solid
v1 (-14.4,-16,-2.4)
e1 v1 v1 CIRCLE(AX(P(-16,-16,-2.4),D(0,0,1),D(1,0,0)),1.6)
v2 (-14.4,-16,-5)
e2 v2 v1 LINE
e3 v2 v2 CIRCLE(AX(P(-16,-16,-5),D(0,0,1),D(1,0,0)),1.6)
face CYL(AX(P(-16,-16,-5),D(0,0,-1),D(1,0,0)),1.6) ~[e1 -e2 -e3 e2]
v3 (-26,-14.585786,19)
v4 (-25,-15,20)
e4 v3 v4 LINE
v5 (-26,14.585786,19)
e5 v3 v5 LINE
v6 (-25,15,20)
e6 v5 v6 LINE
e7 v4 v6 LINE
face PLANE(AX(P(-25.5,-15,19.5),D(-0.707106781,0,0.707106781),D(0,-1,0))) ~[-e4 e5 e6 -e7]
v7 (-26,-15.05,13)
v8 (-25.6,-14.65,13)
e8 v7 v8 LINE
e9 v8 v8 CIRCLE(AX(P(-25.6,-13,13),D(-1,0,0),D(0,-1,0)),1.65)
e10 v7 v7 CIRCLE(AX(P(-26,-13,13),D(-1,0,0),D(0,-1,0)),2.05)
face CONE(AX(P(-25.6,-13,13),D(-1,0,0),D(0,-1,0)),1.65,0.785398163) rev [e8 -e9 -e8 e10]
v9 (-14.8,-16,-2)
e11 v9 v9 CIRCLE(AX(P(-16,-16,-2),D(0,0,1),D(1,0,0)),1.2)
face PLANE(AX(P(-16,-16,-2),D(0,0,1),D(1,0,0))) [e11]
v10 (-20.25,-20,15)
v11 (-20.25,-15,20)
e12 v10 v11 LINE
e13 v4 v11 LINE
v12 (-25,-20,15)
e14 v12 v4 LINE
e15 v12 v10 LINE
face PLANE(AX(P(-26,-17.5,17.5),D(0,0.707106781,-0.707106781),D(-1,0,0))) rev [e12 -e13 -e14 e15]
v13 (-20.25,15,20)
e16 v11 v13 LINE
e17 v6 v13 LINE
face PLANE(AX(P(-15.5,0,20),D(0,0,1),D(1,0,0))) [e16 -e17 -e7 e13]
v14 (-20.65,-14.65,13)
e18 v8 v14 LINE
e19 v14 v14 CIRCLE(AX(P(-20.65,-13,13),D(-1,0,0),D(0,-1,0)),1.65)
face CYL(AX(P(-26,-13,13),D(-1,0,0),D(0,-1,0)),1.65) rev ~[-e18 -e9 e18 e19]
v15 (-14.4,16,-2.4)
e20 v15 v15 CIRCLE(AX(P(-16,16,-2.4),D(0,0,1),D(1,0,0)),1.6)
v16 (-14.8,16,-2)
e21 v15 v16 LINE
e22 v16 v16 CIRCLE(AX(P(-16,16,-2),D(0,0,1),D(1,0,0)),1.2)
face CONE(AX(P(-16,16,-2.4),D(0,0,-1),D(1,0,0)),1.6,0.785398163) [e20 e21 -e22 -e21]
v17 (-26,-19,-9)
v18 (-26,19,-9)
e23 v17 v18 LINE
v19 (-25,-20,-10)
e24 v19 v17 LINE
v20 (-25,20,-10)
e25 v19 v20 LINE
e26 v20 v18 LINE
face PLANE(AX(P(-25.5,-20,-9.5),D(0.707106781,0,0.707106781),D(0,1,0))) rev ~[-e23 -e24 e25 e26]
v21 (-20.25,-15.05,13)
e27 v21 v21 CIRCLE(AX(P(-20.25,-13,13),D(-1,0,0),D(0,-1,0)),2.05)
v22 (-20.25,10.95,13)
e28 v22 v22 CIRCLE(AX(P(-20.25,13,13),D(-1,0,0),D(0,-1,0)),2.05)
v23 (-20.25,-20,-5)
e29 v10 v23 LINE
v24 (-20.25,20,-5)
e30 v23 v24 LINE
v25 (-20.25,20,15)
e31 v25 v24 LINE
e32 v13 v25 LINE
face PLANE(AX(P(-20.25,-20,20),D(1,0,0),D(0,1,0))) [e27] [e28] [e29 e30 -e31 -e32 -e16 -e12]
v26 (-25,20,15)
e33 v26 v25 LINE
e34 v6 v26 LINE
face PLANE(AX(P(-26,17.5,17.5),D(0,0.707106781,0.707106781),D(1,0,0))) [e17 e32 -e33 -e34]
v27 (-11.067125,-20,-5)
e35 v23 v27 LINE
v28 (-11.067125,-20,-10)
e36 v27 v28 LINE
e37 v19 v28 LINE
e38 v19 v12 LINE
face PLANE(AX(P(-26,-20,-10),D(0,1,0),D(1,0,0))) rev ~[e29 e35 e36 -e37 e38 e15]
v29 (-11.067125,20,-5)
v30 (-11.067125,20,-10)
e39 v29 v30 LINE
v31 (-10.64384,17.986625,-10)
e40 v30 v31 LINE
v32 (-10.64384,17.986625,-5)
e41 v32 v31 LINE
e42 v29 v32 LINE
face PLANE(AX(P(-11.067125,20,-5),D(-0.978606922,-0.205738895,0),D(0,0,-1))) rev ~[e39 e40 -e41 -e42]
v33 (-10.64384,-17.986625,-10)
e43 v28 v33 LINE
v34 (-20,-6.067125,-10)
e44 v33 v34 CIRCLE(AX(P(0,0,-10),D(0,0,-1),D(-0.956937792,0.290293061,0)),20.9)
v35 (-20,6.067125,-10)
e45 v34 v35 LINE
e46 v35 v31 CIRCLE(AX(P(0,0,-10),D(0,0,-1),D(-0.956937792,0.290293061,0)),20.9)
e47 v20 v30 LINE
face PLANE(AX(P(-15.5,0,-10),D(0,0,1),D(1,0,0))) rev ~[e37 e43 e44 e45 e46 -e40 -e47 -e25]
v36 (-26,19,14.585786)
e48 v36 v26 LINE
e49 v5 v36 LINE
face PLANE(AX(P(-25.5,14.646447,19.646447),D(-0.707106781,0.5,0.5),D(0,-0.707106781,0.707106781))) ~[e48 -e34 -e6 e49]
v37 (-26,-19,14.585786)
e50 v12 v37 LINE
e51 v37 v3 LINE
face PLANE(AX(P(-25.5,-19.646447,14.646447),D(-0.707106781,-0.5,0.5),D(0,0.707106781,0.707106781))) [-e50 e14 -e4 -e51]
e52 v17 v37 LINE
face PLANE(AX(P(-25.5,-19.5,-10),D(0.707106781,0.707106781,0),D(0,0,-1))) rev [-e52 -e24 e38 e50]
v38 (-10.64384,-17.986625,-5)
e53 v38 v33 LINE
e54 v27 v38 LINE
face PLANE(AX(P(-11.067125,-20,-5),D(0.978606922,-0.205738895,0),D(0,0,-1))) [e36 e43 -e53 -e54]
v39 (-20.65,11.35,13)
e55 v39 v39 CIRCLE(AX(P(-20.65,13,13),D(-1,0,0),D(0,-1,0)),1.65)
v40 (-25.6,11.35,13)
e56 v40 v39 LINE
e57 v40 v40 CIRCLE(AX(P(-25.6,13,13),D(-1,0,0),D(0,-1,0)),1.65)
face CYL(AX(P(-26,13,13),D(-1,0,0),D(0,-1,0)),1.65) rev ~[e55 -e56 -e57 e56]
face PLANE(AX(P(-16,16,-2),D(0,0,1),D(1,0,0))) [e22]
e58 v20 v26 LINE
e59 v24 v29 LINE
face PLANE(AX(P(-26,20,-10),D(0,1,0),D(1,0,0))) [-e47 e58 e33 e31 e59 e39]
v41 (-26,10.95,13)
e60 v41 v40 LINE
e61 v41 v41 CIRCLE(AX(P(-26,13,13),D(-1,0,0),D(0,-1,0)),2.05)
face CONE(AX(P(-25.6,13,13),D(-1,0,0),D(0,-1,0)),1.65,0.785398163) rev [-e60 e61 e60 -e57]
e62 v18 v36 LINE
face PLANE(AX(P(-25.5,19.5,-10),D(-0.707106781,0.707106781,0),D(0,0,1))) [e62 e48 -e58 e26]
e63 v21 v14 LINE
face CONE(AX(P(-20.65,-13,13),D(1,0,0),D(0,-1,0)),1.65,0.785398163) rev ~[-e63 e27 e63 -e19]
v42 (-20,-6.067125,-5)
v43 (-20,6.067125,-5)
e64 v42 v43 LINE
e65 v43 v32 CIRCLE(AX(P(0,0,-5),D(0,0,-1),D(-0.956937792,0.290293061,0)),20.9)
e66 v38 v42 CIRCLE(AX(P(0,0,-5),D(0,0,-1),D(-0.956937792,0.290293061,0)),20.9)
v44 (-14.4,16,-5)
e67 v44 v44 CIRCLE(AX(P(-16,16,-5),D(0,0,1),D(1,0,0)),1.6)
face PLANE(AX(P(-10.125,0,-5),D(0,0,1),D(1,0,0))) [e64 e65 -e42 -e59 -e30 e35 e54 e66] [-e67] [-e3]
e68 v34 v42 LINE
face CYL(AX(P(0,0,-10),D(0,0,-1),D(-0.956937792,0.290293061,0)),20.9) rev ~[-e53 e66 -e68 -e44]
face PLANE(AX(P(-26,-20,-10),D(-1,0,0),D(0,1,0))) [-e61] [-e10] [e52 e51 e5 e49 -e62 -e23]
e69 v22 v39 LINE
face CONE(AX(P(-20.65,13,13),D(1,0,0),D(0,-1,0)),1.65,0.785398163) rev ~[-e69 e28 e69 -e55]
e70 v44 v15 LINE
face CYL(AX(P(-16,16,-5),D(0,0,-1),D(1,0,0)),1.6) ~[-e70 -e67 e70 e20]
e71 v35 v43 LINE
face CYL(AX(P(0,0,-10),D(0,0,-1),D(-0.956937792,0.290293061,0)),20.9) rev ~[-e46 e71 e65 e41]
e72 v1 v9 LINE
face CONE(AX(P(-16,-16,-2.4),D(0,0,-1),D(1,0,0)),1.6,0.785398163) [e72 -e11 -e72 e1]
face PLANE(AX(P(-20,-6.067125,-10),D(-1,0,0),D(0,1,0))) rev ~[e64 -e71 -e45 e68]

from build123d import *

# Parameters (mm, degrees)
SKETCH105_W              = 21
SKETCH105_H              = 40
PAD032_DEPTH             = 30
POCKET067_DEPTH          = 5
SKETCH107_W              = 20.25
SKETCH107_H              = 40
POCKET068_DEPTH          = 25
SKETCH108_R              = 1.6
PAD033_DEPTH             = 3
SKETCH109_R              = 1.65
POCKET069_DEPTH          = 19.933875
CHAMFER009002001006_SIZE = 5
CHAMFER009002001007_SIZE = 5
CHAMFER009002001008_SIZE = 1
CHAMFER009002001009_SIZE = 0.4


with BuildPart() as part:
    # Sketch105 → Pad032 (new body)
    with BuildSketch(Plane.XY):
        with Locations((-15.5, 0)):
            Rectangle(SKETCH105_W, SKETCH105_H)
    extrude(amount=PAD032_DEPTH)

    # Sketch106 (on Face5 of Pad032) → Pocket067 (cut)
    with BuildSketch(Plane(origin=(0, 0, 0), x_dir=(1, 0, 0), z_dir=(0, 0, -1))):
        with BuildLine():
            ThreePointArc((-20, -6.067125), (20.9, 0), (-20, 6.067125))
            Line((-20, 6.067125), (-20, -6.067125))
        make_face()
    extrude(amount=-POCKET067_DEPTH, mode=Mode.SUBTRACT)

    # Sketch107 (on Face6 of Pocket067) → Pocket068 (cut)
    with BuildSketch(Plane.XY.offset(30)):
        with Locations((-10.125, 0)):
            Rectangle(SKETCH107_W, SKETCH107_H)
    extrude(amount=-POCKET068_DEPTH, mode=Mode.SUBTRACT)

    # Sketch108 (on Face4 of Pocket068) → Pad033 (join)
    with BuildSketch(Plane.XY.offset(5)):
        with Locations((-16, 16)):
            Circle(SKETCH108_R)
        with Locations((-16, -16)):
            Circle(SKETCH108_R)
    extrude(amount=PAD033_DEPTH)

    # Sketch109 (on Face7 of Pad033) → Pocket069 (cut, through all)
    with BuildSketch(Plane(origin=(-26, 0, 0), x_dir=(0, -1, 0), z_dir=(-1, 0, 0))):
        with Locations((-13, 23)):
            Circle(SKETCH109_R)
        with Locations((13, 23)):
            Circle(SKETCH109_R)
    extrude(amount=-POCKET069_DEPTH, mode=Mode.SUBTRACT)

    # Chamfer009002001006
    chamfer009002001006_edges = [part.edges().sort_by_distance(p)[0] for p in [
        (-23.125, 20, 30),
        (-23.125, -20, 30),
    ]]
    chamfer(chamfer009002001006_edges, length=CHAMFER009002001006_SIZE)

    # Chamfer009002001007
    chamfer009002001007_edges = [part.edges().sort_by_distance(p)[0] for p in [
        (-6.067125, -20, 2.5),
        (-6.067125, 20, 2.5),
    ]]
    chamfer(chamfer009002001007_edges, length=CHAMFER009002001007_SIZE)

    # Chamfer009002001008
    chamfer009002001008_edges = [part.edges().sort_by_distance(p)[0] for p in [
        (-26, 0, 0),
        (-26, 20, 12.5),
        (-26, 17.5, 27.5),
        (-26, 0, 30),
        (-26, -17.5, 27.5),
        (-26, -20, 12.5),
    ]]
    chamfer(chamfer009002001008_edges, length=CHAMFER009002001008_SIZE)

    # Chamfer009002001009
    chamfer009002001009_edges = [part.edges().sort_by_distance(p)[0] for p in [
        (-26, 14.65, 23),
        (-26, -11.35, 23),
        (-17.6, -16, 8),
        (-17.6, 16, 8),
        (-20.25, 14.65, 23),
        (-20.25, -11.35, 23),
    ]]
    chamfer(chamfer009002001009_edges, length=CHAMFER009002001009_SIZE)


with BuildPart() as part_1:
    # Body012 placement: moved
    add(part.part.moved(Location((0, 0, -10))))


solid = part_1.part
